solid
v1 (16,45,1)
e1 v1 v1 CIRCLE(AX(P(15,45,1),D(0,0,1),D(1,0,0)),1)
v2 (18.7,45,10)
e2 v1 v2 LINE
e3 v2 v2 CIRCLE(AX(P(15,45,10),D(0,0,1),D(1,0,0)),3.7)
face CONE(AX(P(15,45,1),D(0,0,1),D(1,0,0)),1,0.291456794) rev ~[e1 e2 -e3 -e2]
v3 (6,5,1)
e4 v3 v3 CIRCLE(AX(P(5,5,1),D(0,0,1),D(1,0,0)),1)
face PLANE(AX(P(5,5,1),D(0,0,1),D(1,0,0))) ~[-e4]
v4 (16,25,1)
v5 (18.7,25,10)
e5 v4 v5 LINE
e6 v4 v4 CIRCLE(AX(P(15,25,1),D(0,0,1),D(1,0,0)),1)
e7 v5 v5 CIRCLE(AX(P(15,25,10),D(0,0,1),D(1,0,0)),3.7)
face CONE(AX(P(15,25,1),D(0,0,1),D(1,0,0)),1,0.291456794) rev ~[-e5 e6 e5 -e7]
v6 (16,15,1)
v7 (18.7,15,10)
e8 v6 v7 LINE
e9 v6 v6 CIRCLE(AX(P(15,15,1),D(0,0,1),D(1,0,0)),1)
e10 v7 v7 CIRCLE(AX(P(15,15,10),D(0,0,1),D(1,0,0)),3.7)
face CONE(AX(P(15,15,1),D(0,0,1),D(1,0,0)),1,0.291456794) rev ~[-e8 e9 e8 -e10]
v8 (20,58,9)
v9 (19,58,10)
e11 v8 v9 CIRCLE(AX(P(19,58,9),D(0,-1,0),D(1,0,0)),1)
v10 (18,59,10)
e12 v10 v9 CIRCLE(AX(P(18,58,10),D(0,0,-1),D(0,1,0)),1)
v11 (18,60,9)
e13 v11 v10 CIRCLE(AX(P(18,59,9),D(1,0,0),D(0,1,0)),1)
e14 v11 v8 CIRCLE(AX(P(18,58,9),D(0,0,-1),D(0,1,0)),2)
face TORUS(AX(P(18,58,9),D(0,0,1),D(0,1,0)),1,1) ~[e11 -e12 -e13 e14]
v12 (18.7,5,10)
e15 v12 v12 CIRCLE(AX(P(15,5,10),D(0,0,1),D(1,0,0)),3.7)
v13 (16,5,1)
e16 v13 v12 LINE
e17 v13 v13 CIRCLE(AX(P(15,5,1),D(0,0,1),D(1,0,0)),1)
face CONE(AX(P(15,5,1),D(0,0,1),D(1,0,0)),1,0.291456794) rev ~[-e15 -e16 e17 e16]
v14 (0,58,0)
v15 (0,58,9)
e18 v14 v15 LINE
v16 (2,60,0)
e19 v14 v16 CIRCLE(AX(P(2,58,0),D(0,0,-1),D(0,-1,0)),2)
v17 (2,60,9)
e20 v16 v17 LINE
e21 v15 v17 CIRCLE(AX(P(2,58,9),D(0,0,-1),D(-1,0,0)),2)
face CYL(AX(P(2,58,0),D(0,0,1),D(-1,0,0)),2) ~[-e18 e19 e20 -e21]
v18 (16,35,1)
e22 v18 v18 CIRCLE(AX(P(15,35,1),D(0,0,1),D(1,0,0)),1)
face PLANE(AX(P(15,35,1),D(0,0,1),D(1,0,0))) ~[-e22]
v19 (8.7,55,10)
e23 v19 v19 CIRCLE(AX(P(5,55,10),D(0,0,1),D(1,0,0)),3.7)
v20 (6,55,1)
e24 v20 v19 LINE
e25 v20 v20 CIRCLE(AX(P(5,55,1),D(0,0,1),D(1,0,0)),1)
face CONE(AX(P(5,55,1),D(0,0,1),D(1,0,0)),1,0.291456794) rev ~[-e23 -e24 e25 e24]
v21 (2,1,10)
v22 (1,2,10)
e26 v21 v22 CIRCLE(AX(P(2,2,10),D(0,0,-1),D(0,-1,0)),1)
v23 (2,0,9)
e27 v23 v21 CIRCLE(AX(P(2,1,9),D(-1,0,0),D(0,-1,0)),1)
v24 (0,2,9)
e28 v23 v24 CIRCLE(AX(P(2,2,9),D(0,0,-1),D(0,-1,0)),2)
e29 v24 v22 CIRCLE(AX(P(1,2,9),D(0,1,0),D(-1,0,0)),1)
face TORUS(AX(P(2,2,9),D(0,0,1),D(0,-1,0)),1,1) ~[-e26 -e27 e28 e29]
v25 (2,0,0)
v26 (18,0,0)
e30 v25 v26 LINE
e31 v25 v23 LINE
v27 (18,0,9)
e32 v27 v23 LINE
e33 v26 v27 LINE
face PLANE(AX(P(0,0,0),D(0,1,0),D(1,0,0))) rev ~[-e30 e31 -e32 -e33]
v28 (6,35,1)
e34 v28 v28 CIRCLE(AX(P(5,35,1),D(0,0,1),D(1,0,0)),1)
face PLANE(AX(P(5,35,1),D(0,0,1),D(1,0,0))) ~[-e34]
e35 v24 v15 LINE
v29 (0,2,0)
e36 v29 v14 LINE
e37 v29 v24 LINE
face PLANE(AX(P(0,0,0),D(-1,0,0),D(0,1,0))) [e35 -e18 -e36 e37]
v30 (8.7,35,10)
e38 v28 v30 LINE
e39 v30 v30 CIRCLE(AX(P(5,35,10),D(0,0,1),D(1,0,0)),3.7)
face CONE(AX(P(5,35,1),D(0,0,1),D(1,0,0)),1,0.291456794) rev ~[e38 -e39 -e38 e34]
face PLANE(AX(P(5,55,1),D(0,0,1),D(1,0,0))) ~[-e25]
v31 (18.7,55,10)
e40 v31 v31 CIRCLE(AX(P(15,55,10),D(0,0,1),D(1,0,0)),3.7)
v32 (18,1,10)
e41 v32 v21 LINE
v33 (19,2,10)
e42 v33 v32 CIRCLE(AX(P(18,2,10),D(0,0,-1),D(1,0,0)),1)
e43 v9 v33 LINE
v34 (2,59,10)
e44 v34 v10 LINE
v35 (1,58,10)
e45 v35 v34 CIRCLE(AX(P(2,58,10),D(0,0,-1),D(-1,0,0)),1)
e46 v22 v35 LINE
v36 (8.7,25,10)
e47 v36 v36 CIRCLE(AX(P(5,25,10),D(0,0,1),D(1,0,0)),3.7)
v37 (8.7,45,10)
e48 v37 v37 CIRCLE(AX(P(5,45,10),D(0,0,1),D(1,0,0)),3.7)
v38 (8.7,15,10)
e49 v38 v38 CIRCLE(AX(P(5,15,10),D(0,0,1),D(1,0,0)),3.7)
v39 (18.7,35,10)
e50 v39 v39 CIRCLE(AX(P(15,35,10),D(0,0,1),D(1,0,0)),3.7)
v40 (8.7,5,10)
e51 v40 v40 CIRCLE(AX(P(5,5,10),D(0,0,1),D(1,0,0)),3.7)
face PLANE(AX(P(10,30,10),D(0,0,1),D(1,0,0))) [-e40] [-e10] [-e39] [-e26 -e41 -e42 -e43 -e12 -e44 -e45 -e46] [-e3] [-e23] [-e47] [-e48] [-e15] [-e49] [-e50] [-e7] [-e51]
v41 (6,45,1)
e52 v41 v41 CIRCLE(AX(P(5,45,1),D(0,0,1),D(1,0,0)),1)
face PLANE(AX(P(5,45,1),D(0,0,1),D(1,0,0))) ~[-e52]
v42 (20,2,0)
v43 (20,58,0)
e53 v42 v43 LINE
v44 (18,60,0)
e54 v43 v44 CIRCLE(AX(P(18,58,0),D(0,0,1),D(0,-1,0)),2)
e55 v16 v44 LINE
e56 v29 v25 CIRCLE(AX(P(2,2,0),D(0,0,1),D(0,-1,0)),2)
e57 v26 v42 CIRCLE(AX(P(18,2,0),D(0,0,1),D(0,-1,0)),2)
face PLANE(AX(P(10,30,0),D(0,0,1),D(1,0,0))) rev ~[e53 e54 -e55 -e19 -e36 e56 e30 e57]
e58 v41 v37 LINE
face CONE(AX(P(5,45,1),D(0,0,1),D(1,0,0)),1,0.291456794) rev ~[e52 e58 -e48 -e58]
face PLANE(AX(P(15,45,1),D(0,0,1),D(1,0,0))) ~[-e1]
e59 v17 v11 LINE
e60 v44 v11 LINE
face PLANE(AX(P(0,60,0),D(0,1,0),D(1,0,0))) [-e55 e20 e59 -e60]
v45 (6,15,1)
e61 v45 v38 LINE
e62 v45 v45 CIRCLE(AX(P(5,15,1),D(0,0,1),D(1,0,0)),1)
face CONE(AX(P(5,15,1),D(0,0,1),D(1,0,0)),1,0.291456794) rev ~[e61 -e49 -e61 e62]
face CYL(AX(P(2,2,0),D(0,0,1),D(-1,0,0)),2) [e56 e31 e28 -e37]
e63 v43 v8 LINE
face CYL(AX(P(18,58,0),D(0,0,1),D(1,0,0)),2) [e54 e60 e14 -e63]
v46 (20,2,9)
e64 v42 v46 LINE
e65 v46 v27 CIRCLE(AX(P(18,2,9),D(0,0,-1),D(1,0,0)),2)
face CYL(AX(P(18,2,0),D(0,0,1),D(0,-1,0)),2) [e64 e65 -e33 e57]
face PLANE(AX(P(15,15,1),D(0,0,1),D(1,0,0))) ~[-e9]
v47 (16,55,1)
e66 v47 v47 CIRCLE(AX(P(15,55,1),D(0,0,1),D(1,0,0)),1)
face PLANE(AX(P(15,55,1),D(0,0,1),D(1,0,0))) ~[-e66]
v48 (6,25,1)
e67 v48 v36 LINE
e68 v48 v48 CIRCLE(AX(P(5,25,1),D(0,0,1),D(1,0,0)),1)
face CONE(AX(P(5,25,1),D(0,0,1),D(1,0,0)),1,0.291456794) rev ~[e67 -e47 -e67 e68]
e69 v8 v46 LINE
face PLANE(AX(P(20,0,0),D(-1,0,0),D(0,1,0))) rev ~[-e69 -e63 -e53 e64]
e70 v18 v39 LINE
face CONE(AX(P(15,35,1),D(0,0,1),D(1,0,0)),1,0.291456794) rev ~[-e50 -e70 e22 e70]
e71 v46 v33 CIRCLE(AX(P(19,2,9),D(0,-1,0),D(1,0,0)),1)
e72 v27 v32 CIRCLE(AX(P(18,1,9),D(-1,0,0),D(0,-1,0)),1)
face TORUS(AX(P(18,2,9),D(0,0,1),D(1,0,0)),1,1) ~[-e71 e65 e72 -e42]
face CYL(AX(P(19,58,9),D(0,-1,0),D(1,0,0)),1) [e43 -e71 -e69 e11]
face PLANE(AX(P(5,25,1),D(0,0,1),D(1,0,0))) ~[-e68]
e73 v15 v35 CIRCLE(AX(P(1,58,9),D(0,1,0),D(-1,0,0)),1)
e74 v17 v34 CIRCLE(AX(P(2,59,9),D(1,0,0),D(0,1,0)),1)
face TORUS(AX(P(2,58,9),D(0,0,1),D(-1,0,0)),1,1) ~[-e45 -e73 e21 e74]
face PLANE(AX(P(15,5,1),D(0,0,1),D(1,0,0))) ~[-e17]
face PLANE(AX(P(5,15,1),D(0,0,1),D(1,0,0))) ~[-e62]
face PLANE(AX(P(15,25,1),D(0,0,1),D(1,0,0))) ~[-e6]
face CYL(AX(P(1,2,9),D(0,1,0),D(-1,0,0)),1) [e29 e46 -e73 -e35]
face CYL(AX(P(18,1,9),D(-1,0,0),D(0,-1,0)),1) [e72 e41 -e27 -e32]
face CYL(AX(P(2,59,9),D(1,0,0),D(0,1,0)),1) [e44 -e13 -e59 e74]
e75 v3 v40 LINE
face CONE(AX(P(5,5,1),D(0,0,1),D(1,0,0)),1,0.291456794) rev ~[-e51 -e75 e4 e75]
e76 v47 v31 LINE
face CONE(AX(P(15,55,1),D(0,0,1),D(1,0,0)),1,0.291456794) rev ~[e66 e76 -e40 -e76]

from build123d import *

# Parameters (mm, degrees)
ARRAY_X_COUNT = 2
ARRAY_X_PITCH = 10
ARRAY_Y_COUNT = 6
ARRAY_Y_PITCH = 10
BOX_W         = 20
BOX_H         = 60
BOX_DEPTH     = 10
FILLET_R      = 2
FILLET001_R   = 1


with BuildPart() as array_de_cubs:
    # Cone → Cone (revolve)
    with BuildSketch(Plane(origin=(5, 5, 1), x_dir=(1, 0, 0), z_dir=(0, -1, 0))):
        Polygon((0, 0), (1, 0), (4, 10), (0, 10), align=None)
    revolve(axis=Axis((5, 5, 1), (0, 0, 1)))

    # Array X: Array de cubs ×2


with BuildPart() as array_de_cubs_1:
    add(array_de_cubs.part)
    with Locations(*[(i * ARRAY_X_PITCH, 0, 0) for i in range(1, ARRAY_X_COUNT)]):
        add(array_de_cubs.part)

    # Array Y: Array de cubs ×6


with BuildPart() as array_de_cubs_2:
    add(array_de_cubs_1.part)
    with Locations(*[(0, i * ARRAY_Y_PITCH, 0) for i in range(1, ARRAY_Y_COUNT)]):
        add(array_de_cubs_1.part)


with BuildPart() as fillet001:
    # Box → Box (new body)
    with BuildSketch(Plane.XY):
        with Locations((10, 30)):
            Rectangle(BOX_W, BOX_H)
    extrude(amount=BOX_DEPTH)

    # Fillet
    fillet_edges = [fillet001.edges().sort_by_distance(p)[0] for p in [
        (0, 0, 5),
        (0, 60, 5),
        (20, 0, 5),
        (20, 60, 5),
    ]]
    fillet(fillet_edges, radius=FILLET_R)

    # Cut: cut Array de cubs
    add(array_de_cubs_2.part, mode=Mode.SUBTRACT)

    # Fillet001
    fillet001_edges = [fillet001.edges().sort_by_distance(p)[0] for p in [
        (0, 30, 10),
        (0.585786, 0.585786, 10),
        (0.585786, 59.414214, 10),
        (10, 0, 10),
        (10, 60, 10),
        (19.414214, 0.585786, 10),
        (19.414214, 59.414214, 10),
        (20, 30, 10),
    ]]
    fillet(fillet001_edges, radius=FILLET001_R)


solid = fillet001.part
